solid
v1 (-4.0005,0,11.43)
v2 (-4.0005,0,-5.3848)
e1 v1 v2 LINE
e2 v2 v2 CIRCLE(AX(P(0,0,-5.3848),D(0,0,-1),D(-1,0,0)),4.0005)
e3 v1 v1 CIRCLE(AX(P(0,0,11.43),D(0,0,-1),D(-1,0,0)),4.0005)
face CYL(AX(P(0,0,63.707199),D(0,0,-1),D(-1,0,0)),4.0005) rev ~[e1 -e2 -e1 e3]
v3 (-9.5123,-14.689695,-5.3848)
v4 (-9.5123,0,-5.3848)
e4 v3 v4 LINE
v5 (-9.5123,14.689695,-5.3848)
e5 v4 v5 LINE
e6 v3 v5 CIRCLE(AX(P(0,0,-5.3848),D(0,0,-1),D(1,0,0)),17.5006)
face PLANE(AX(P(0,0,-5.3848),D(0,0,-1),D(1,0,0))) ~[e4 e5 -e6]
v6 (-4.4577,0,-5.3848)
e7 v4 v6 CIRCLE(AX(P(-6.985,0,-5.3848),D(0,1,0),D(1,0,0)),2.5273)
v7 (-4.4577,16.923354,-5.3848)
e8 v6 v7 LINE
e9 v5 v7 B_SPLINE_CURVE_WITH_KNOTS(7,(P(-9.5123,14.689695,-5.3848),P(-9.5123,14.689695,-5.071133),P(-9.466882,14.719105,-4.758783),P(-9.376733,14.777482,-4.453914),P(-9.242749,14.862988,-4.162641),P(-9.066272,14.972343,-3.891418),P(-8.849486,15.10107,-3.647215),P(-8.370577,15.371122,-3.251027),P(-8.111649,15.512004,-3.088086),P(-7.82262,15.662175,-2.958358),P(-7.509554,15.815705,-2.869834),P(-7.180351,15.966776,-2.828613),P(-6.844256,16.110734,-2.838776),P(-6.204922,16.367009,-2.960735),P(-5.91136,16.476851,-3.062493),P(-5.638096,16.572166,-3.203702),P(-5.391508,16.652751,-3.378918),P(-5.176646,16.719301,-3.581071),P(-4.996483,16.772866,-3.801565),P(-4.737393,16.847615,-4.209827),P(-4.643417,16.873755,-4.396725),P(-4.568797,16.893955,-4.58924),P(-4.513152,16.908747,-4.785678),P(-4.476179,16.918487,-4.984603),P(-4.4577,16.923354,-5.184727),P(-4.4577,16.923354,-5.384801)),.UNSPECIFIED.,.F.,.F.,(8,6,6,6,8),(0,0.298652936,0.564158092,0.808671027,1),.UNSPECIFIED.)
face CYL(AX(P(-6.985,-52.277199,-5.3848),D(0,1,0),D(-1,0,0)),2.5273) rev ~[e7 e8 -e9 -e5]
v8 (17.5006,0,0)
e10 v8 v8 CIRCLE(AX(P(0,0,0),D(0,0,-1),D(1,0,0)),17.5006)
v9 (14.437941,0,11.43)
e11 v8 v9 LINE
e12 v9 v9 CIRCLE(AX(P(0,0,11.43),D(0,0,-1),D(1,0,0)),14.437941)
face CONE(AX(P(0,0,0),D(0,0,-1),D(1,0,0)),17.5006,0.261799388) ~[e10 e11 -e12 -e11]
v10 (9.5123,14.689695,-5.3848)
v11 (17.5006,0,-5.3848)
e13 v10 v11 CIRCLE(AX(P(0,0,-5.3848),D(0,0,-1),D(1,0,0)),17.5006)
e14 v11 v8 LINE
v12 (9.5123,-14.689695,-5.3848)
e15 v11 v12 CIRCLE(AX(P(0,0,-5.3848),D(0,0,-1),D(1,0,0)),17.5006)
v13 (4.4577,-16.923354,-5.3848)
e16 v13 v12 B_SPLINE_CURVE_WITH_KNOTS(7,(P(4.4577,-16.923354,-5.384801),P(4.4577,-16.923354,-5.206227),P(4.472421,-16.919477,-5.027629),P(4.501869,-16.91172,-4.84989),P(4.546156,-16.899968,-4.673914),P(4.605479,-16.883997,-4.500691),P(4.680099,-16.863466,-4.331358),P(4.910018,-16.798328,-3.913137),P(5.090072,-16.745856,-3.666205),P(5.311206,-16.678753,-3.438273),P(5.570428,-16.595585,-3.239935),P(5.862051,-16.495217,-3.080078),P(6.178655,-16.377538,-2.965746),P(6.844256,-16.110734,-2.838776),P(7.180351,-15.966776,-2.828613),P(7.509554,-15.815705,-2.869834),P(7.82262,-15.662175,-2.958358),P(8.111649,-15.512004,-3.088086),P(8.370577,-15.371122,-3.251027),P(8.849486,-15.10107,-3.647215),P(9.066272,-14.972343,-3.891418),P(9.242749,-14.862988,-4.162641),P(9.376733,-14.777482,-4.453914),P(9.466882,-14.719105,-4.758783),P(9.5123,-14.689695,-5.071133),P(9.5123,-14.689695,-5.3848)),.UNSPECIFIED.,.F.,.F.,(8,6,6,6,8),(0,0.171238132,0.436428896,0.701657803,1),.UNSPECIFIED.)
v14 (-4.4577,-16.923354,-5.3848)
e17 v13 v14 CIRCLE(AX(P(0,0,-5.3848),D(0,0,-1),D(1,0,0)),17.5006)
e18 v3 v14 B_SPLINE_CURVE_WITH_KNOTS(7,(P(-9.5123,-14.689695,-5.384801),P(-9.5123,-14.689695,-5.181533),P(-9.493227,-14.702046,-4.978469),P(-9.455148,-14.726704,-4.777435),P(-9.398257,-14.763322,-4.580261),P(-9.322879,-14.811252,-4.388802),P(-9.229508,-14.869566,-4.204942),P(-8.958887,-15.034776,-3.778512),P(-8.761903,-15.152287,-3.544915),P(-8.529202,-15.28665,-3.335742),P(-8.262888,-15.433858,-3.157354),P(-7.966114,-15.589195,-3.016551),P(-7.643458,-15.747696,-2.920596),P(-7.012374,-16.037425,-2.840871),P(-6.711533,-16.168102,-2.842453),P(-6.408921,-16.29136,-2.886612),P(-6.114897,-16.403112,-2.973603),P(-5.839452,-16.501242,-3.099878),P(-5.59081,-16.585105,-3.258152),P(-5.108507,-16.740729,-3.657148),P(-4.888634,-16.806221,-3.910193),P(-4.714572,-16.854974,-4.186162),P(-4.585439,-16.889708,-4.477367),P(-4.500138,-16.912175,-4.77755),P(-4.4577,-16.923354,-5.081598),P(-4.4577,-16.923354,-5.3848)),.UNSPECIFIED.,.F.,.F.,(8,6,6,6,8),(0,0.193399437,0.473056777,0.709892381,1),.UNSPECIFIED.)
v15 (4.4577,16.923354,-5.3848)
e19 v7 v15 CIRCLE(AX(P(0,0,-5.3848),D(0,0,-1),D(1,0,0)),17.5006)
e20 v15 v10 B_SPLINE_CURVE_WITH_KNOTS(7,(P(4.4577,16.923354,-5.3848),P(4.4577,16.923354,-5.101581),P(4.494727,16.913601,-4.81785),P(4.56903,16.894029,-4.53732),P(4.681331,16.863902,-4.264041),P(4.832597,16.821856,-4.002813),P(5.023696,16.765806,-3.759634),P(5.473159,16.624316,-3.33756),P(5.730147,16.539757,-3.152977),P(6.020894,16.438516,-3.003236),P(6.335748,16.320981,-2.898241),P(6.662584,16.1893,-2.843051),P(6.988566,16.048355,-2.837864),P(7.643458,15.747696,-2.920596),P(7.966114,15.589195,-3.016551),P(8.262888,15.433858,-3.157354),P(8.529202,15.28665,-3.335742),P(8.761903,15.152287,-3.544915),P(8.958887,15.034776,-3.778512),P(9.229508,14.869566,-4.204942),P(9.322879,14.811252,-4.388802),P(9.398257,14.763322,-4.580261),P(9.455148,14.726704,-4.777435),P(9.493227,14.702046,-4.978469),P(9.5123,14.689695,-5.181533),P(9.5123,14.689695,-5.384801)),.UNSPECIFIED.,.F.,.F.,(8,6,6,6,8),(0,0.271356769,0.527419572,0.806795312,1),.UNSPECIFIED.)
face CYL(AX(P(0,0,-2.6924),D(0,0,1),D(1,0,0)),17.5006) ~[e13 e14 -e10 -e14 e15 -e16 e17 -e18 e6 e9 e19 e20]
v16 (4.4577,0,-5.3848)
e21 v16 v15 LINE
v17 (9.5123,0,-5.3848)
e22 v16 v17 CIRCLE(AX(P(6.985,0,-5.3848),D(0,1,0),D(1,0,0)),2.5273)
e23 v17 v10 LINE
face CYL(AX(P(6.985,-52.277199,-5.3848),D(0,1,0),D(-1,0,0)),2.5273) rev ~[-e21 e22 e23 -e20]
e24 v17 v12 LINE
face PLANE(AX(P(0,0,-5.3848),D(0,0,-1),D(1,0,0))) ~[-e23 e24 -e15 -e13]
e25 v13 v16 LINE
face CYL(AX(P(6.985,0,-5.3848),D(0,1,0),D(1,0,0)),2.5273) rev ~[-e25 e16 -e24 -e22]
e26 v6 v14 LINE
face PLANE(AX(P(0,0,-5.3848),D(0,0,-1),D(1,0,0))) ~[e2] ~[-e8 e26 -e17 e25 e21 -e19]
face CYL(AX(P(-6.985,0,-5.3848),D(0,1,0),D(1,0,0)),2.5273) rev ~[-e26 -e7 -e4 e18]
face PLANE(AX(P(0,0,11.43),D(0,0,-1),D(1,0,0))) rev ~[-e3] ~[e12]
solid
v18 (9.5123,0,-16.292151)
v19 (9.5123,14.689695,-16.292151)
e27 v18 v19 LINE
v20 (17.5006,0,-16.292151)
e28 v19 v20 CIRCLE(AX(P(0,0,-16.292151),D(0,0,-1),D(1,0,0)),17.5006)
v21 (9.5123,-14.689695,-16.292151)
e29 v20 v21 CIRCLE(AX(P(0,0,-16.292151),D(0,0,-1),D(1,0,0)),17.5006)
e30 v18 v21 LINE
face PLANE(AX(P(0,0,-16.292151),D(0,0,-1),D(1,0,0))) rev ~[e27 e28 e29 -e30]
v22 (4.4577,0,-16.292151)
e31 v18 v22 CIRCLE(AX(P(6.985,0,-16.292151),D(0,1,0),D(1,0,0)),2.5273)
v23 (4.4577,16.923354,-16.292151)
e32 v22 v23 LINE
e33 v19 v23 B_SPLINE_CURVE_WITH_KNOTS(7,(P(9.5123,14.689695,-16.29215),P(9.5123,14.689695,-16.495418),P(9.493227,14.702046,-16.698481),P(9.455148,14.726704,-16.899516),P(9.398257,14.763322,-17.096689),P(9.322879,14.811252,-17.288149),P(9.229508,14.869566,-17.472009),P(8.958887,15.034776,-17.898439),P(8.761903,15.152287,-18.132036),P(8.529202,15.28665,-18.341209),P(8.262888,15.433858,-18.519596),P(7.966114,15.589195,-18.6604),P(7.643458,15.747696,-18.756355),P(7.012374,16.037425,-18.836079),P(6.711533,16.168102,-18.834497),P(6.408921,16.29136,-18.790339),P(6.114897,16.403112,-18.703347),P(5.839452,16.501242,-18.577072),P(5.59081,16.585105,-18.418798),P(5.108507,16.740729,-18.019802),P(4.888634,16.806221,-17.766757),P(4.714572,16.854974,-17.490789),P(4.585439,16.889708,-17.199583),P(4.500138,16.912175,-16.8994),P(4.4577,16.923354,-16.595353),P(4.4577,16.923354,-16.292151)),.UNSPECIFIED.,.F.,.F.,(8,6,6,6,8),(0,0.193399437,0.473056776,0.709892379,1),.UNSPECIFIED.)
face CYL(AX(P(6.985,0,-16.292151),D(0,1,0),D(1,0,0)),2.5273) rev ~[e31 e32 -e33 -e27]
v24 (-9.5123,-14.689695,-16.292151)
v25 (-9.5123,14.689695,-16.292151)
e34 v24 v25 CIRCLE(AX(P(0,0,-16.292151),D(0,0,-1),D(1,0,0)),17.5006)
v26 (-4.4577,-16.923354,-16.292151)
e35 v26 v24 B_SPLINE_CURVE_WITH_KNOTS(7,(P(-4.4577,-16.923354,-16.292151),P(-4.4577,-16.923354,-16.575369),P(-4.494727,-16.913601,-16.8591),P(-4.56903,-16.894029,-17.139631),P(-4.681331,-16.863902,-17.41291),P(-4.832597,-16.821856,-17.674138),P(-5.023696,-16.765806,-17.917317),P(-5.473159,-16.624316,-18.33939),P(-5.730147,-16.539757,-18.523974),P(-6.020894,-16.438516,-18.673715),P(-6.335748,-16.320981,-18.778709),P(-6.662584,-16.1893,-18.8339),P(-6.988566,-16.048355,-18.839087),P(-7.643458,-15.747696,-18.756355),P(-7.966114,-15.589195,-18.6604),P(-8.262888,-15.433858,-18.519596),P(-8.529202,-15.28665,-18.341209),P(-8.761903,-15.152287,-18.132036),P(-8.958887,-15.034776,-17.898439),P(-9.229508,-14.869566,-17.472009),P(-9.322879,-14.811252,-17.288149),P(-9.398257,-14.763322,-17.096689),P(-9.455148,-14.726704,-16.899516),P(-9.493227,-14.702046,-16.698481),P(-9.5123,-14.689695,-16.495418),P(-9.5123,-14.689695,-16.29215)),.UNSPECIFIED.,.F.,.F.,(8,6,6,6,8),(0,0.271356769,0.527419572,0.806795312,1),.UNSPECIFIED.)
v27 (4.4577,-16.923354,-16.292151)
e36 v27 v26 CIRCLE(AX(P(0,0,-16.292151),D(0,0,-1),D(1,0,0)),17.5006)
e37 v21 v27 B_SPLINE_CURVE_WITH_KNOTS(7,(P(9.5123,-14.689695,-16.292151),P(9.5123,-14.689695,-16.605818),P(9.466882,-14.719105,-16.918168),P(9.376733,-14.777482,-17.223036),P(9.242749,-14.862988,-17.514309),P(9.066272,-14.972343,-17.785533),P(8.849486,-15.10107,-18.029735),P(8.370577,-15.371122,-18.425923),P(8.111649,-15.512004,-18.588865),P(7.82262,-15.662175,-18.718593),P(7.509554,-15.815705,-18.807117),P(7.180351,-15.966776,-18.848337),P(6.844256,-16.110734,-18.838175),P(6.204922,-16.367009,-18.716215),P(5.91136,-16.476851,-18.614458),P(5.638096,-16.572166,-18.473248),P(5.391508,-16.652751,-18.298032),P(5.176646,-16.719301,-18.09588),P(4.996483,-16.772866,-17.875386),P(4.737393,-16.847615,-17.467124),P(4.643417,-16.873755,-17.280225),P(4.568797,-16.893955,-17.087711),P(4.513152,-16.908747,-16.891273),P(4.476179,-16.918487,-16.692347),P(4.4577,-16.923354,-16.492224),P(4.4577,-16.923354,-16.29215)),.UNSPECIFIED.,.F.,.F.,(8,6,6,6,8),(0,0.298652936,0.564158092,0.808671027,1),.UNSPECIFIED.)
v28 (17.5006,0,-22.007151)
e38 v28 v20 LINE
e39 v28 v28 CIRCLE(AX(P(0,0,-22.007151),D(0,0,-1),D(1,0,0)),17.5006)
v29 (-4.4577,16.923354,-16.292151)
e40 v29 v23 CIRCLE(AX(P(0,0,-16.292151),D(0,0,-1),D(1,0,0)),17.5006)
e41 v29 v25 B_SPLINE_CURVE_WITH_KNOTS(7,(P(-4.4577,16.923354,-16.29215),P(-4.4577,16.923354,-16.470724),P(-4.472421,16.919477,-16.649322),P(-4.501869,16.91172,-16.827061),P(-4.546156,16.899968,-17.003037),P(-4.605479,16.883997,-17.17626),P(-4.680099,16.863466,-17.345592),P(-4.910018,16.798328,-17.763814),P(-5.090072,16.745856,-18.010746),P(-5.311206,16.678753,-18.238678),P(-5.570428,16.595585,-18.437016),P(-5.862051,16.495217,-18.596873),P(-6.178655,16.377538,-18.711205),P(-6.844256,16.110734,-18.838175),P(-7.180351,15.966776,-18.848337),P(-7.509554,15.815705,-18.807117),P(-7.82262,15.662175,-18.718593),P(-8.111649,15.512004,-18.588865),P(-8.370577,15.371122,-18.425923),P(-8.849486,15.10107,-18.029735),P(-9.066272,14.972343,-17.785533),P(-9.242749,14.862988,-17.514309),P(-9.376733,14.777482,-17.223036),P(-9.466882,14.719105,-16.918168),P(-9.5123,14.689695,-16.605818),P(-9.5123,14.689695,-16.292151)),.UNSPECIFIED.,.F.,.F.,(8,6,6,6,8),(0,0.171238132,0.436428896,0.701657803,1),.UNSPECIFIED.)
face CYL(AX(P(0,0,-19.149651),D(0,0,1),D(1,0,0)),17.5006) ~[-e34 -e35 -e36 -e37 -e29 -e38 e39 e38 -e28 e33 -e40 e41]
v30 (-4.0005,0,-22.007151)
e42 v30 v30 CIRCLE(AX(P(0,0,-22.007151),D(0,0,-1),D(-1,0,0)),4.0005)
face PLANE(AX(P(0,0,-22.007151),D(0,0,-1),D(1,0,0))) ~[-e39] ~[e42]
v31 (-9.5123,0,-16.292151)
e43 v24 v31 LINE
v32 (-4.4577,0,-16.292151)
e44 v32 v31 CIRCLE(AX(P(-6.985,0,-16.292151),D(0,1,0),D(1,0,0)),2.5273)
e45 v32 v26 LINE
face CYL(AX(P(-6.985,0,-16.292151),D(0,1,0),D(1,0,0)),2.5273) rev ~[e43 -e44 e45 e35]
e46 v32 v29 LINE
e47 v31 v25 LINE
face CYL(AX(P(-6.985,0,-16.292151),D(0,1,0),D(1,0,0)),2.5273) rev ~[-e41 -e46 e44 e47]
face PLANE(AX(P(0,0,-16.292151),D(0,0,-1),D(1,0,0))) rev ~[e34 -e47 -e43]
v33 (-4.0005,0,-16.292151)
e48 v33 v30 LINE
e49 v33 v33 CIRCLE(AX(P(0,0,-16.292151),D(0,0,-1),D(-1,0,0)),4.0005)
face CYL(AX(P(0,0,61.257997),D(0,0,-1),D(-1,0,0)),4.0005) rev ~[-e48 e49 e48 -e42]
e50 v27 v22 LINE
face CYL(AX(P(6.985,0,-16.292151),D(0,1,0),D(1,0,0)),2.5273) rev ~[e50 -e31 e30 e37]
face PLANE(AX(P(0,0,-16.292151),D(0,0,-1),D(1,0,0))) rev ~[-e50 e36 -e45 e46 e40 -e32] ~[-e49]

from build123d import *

# Parameters (mm, degrees)
F0_W       = 10.5156
F0_H       = 5.3848
F0_W_2     = 6.985
F0_H_2     = 5.715
F2_D       = 5.0546
F2_DEPTH   = 17.5016
F2_2_D     = 5.0546
F2_2_DEPTH = 17.5016
F3_D       = 5.0546
F3_2_D     = 5.0546
F5_D       = 8.001
F5_2_D     = 8.001


with BuildPart() as f1:
    # F0 (on Front) → F1 (revolve)
    with BuildSketch(Plane.XZ):
        Polygon((0, 11.43), (0, 0), (6.985, 0), (17.5006, 0), (14.4379407305, 11.43), align=None)
        with Locations((12.2428, -2.6924)):
            Rectangle(F0_W, F0_H)
        with Locations((3.4925, -2.6924)):
            Rectangle(F0_W_2, F0_H)
    revolve(axis=Axis((0, 0, 5.715), (0, 0, -1)))

    # F2 (through all, one way)
    with BuildSketch(Plane(origin=(0, 0, 0), x_dir=(1, 0, 0), z_dir=(0, 1, 0))):
        with Locations((6.985, 5.3848), (-6.985, 5.3848), (6.985, 16.2921505755), (-6.985, 16.2921505755)):
            Circle(F2_D / 2)
    extrude(amount=-F2_DEPTH, mode=Mode.SUBTRACT)

    # F3 (through all)
    with Locations(Plane.XZ):
        with Locations((-6.985, -5.3848), (6.985, -5.3848), (6.985, -16.2921505755), (-6.985, -16.2921505755)):
            Hole(F3_D / 2)

    # F5 (through all)
    with Locations(Plane.XY.offset(11.43)):
        with Locations((0, 0)):
            Hole(F5_D / 2)


with BuildPart() as f1b:
    # F0 (on Front) → F1, piece 2 (revolve)
    with BuildSketch(Plane.XZ):
        with Locations((3.4925, -19.1496505755)):
            Rectangle(F0_W_2, F0_H_2)
        with Locations((12.2428, -19.1496505755)):
            Rectangle(F0_W, F0_H_2)
    revolve(axis=Axis((0, 0, 5.715), (0, 0, -1)))

    # F2#2 (through all, one way)
    with BuildSketch(Plane(origin=(0, 0, 0), x_dir=(1, 0, 0), z_dir=(0, 1, 0))):
        with Locations((6.985, 5.3848), (-6.985, 5.3848), (6.985, 16.2921505755), (-6.985, 16.2921505755)):
            Circle(F2_2_D / 2)
    extrude(amount=-F2_2_DEPTH, mode=Mode.SUBTRACT)

    # F3#2 (through all)
    with Locations(Plane.XZ):
        with Locations((-6.985, -5.3848), (6.985, -5.3848), (6.985, -16.2921505755), (-6.985, -16.2921505755)):
            Hole(F3_2_D / 2)

    # F5#2 (through all)
    with Locations(Plane.XY.offset(11.43)):
        with Locations((0, 0)):
            Hole(F5_2_D / 2)


solid = Compound([f1.part, f1b.part])
